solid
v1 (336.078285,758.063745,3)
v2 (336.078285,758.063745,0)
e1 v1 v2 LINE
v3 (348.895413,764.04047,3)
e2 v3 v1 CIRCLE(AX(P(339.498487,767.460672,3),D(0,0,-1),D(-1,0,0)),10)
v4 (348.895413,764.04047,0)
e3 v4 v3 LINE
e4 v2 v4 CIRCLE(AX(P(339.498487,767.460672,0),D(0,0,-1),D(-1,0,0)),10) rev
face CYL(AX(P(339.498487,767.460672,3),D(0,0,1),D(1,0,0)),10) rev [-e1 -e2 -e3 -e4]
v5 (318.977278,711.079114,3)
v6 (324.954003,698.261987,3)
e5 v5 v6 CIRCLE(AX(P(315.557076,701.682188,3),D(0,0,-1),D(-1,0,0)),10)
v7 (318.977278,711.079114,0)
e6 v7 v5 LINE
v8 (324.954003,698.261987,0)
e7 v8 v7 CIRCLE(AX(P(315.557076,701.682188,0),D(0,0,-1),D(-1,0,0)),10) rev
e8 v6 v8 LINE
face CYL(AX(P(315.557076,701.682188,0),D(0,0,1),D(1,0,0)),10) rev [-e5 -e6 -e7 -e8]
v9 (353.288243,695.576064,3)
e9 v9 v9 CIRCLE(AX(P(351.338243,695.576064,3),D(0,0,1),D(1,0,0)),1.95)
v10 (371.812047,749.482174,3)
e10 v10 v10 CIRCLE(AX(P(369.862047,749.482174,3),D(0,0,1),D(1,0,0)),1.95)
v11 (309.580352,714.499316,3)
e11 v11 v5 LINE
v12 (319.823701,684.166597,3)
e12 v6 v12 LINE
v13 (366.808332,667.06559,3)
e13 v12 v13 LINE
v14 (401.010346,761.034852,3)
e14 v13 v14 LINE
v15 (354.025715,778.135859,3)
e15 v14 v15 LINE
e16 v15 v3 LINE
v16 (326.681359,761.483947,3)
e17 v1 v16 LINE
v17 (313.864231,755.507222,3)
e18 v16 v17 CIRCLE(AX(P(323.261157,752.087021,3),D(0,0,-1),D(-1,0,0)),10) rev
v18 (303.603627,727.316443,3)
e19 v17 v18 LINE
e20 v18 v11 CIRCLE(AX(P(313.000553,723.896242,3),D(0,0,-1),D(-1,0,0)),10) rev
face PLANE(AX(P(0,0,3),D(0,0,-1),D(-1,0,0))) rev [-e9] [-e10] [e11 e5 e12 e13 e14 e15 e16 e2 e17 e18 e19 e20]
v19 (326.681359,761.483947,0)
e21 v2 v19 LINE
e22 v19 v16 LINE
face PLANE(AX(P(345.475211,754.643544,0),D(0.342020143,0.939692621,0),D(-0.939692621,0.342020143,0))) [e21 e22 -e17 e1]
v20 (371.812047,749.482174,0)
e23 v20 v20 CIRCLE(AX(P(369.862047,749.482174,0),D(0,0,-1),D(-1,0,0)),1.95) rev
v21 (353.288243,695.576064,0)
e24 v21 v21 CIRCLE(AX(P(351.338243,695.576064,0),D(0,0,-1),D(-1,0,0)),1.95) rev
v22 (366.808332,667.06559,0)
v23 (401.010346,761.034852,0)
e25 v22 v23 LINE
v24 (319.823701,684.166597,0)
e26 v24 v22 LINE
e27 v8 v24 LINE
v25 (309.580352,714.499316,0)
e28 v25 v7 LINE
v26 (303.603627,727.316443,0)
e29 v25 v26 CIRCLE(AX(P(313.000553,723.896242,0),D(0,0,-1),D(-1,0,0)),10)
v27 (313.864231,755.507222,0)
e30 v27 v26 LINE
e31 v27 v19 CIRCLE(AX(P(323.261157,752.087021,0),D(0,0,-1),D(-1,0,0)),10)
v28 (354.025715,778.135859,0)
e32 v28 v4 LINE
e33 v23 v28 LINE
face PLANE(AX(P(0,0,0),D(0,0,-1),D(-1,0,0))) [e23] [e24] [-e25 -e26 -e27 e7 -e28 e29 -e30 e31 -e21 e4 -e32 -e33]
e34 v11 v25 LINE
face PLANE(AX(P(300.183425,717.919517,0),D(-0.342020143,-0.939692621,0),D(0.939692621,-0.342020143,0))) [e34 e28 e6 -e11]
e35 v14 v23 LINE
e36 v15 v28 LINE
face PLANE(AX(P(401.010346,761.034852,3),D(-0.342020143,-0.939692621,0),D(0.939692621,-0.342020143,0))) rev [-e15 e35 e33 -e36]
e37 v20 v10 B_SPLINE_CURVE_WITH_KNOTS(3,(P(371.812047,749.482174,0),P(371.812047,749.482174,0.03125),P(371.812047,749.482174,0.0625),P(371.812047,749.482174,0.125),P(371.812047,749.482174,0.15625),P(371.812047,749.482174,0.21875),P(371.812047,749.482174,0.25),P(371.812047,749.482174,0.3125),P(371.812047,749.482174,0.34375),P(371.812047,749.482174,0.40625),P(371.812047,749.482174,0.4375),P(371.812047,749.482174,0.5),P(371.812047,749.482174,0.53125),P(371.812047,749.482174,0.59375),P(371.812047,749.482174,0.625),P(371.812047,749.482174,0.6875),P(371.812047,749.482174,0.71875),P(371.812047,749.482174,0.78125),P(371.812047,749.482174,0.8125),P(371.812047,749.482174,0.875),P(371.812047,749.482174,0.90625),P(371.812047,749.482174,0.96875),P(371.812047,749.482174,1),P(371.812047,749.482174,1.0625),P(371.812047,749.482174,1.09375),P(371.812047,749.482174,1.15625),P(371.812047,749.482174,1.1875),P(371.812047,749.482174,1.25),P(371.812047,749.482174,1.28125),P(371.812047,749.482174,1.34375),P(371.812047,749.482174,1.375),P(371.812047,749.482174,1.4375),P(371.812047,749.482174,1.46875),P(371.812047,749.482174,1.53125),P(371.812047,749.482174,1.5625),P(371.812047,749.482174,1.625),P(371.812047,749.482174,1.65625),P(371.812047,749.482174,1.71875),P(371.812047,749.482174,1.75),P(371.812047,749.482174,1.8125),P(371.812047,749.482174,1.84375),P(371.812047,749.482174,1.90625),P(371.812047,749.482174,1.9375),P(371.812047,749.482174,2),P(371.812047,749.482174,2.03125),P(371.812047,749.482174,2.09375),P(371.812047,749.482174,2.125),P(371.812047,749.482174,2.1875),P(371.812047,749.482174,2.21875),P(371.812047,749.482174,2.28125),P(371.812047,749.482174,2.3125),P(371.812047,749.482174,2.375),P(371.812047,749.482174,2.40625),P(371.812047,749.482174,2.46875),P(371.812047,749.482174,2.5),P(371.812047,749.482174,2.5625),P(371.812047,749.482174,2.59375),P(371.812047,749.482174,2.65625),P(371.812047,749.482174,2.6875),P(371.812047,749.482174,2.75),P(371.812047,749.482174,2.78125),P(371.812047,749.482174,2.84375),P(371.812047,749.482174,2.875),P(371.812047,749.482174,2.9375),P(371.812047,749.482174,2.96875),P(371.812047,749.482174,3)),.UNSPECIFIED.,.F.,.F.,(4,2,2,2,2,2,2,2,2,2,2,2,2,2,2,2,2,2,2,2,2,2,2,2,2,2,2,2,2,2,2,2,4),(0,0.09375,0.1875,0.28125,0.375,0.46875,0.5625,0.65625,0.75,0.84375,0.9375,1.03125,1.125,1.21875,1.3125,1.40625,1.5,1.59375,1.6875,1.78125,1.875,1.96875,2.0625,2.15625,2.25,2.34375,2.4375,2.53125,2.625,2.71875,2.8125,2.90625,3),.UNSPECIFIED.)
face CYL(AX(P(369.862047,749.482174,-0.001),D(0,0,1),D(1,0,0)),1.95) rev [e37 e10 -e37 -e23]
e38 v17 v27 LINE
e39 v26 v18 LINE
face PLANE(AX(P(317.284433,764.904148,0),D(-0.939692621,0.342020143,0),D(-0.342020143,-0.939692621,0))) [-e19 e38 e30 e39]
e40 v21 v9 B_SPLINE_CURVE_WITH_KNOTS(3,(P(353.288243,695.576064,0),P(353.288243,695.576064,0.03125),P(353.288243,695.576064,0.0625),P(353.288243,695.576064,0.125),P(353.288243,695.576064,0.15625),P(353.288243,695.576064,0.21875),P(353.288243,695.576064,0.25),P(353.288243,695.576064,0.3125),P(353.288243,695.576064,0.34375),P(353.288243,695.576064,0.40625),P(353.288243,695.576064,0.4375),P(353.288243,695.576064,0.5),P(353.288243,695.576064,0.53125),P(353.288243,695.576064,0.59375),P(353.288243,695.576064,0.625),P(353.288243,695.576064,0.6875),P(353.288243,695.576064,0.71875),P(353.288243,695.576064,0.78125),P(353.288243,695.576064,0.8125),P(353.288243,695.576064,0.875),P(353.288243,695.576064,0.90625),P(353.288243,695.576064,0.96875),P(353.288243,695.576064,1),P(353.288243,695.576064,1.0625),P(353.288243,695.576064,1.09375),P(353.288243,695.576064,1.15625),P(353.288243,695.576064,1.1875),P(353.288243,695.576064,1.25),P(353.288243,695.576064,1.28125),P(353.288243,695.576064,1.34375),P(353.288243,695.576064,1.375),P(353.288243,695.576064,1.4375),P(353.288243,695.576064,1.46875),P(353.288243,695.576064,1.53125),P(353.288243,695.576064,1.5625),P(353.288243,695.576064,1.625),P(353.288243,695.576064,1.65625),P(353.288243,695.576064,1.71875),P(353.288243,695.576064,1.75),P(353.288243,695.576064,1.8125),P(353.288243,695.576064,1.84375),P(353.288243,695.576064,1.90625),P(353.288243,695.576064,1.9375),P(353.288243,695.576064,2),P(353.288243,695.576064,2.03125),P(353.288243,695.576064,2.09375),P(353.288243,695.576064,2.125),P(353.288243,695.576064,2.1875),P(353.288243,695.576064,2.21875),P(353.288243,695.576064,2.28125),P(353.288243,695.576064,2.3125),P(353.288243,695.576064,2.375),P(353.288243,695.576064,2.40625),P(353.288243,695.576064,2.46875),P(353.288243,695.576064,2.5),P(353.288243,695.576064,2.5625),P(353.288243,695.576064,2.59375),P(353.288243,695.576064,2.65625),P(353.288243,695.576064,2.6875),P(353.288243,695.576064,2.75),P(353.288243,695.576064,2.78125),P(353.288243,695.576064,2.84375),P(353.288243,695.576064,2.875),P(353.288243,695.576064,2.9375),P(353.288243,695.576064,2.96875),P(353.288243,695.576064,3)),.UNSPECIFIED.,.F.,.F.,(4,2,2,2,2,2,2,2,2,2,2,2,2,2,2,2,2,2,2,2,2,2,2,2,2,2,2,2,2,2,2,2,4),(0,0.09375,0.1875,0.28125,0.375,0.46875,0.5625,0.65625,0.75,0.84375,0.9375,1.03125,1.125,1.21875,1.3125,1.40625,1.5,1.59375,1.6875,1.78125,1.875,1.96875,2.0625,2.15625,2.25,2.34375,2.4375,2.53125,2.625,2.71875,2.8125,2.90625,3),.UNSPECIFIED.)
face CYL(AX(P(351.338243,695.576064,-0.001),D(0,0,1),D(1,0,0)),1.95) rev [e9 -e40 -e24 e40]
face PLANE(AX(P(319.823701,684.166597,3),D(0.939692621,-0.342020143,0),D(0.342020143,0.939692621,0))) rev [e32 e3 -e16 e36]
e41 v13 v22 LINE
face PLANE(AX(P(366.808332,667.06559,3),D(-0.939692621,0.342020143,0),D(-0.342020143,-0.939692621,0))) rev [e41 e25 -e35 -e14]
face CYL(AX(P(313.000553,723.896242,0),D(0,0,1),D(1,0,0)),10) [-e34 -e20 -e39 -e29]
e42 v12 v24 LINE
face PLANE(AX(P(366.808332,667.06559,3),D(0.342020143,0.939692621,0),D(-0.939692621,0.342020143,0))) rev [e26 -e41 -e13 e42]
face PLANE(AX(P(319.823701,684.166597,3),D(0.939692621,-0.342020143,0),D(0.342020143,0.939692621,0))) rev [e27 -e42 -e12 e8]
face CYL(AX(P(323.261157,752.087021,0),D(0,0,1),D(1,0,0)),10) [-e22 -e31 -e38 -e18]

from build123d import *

# Parameters (mm, degrees)
EXTRUDE_1_DEPTH     = 3
CUT_EXTRUDE_1_REACH = 877.393
SKETCH_2_R          = 1.95
EXTRUDE_2_DEPTH     = 3
FILLET_1_R          = 10


with BuildPart() as part:
    # 草图1 → 凸台-拉伸1 (new body)
    with BuildSketch(Plane.XY):
        Polygon((366.808331571, 667.065590198), (401.010345904, 761.034852277), (354.025714865, 778.135859443), (319.823700532, 684.166597365), align=None)
    extrude(amount=EXTRUDE_1_DEPTH)

    # 草图2 → 切除-拉伸1 (cut, up to next)
    with BuildSketch(Plane.XY.offset(3), mode=Mode.PRIVATE) as cut_extrude_1_sk1:
        with Locations((351.338243096, 695.576064033)):
            Circle(SKETCH_2_R)
    cut_extrude_1_tool1 = extrude(cut_extrude_1_sk1.sketch, amount=-CUT_EXTRUDE_1_REACH, mode=Mode.PRIVATE) & part.part
    # 草图2 → 切除-拉伸1 (cut, up to next)
    with BuildSketch(Plane.XY.offset(3), mode=Mode.PRIVATE) as cut_extrude_1_sk2:
        with Locations((369.862047426, 749.482173827)):
            Circle(SKETCH_2_R)
    cut_extrude_1_tool2 = extrude(cut_extrude_1_sk2.sketch, amount=-CUT_EXTRUDE_1_REACH, mode=Mode.PRIVATE) & part.part
    add(cut_extrude_1_tool1.solids().sort_by_distance((351.338243, 695.576064, 3))[0], mode=Mode.SUBTRACT)
    add(cut_extrude_1_tool2.solids().sort_by_distance((369.862047, 749.482174, 3))[0], mode=Mode.SUBTRACT)

    # 草图3 → 凸台-拉伸2 (add)
    with BuildSketch(Plane.XY.offset(3)):
        Polygon((345.475211281, 754.643543924), (317.284432658, 764.904148223), (300.183425492, 717.919517184), (328.374204115, 707.658912884), align=None)
    extrude(amount=-EXTRUDE_2_DEPTH)

    # 圆角1
    fillet_1_edges = [part.edges().sort_by_distance(p)[0] for p in [
        (345.475211281, 754.643543924, 1.5),
        (328.374204115, 707.658912884, 1.5),
        (300.183425492, 717.919517184, 1.5),
        (317.284432658, 764.904148223, 1.5),
    ]]
    fillet(fillet_1_edges, radius=FILLET_1_R)


solid = part.part
